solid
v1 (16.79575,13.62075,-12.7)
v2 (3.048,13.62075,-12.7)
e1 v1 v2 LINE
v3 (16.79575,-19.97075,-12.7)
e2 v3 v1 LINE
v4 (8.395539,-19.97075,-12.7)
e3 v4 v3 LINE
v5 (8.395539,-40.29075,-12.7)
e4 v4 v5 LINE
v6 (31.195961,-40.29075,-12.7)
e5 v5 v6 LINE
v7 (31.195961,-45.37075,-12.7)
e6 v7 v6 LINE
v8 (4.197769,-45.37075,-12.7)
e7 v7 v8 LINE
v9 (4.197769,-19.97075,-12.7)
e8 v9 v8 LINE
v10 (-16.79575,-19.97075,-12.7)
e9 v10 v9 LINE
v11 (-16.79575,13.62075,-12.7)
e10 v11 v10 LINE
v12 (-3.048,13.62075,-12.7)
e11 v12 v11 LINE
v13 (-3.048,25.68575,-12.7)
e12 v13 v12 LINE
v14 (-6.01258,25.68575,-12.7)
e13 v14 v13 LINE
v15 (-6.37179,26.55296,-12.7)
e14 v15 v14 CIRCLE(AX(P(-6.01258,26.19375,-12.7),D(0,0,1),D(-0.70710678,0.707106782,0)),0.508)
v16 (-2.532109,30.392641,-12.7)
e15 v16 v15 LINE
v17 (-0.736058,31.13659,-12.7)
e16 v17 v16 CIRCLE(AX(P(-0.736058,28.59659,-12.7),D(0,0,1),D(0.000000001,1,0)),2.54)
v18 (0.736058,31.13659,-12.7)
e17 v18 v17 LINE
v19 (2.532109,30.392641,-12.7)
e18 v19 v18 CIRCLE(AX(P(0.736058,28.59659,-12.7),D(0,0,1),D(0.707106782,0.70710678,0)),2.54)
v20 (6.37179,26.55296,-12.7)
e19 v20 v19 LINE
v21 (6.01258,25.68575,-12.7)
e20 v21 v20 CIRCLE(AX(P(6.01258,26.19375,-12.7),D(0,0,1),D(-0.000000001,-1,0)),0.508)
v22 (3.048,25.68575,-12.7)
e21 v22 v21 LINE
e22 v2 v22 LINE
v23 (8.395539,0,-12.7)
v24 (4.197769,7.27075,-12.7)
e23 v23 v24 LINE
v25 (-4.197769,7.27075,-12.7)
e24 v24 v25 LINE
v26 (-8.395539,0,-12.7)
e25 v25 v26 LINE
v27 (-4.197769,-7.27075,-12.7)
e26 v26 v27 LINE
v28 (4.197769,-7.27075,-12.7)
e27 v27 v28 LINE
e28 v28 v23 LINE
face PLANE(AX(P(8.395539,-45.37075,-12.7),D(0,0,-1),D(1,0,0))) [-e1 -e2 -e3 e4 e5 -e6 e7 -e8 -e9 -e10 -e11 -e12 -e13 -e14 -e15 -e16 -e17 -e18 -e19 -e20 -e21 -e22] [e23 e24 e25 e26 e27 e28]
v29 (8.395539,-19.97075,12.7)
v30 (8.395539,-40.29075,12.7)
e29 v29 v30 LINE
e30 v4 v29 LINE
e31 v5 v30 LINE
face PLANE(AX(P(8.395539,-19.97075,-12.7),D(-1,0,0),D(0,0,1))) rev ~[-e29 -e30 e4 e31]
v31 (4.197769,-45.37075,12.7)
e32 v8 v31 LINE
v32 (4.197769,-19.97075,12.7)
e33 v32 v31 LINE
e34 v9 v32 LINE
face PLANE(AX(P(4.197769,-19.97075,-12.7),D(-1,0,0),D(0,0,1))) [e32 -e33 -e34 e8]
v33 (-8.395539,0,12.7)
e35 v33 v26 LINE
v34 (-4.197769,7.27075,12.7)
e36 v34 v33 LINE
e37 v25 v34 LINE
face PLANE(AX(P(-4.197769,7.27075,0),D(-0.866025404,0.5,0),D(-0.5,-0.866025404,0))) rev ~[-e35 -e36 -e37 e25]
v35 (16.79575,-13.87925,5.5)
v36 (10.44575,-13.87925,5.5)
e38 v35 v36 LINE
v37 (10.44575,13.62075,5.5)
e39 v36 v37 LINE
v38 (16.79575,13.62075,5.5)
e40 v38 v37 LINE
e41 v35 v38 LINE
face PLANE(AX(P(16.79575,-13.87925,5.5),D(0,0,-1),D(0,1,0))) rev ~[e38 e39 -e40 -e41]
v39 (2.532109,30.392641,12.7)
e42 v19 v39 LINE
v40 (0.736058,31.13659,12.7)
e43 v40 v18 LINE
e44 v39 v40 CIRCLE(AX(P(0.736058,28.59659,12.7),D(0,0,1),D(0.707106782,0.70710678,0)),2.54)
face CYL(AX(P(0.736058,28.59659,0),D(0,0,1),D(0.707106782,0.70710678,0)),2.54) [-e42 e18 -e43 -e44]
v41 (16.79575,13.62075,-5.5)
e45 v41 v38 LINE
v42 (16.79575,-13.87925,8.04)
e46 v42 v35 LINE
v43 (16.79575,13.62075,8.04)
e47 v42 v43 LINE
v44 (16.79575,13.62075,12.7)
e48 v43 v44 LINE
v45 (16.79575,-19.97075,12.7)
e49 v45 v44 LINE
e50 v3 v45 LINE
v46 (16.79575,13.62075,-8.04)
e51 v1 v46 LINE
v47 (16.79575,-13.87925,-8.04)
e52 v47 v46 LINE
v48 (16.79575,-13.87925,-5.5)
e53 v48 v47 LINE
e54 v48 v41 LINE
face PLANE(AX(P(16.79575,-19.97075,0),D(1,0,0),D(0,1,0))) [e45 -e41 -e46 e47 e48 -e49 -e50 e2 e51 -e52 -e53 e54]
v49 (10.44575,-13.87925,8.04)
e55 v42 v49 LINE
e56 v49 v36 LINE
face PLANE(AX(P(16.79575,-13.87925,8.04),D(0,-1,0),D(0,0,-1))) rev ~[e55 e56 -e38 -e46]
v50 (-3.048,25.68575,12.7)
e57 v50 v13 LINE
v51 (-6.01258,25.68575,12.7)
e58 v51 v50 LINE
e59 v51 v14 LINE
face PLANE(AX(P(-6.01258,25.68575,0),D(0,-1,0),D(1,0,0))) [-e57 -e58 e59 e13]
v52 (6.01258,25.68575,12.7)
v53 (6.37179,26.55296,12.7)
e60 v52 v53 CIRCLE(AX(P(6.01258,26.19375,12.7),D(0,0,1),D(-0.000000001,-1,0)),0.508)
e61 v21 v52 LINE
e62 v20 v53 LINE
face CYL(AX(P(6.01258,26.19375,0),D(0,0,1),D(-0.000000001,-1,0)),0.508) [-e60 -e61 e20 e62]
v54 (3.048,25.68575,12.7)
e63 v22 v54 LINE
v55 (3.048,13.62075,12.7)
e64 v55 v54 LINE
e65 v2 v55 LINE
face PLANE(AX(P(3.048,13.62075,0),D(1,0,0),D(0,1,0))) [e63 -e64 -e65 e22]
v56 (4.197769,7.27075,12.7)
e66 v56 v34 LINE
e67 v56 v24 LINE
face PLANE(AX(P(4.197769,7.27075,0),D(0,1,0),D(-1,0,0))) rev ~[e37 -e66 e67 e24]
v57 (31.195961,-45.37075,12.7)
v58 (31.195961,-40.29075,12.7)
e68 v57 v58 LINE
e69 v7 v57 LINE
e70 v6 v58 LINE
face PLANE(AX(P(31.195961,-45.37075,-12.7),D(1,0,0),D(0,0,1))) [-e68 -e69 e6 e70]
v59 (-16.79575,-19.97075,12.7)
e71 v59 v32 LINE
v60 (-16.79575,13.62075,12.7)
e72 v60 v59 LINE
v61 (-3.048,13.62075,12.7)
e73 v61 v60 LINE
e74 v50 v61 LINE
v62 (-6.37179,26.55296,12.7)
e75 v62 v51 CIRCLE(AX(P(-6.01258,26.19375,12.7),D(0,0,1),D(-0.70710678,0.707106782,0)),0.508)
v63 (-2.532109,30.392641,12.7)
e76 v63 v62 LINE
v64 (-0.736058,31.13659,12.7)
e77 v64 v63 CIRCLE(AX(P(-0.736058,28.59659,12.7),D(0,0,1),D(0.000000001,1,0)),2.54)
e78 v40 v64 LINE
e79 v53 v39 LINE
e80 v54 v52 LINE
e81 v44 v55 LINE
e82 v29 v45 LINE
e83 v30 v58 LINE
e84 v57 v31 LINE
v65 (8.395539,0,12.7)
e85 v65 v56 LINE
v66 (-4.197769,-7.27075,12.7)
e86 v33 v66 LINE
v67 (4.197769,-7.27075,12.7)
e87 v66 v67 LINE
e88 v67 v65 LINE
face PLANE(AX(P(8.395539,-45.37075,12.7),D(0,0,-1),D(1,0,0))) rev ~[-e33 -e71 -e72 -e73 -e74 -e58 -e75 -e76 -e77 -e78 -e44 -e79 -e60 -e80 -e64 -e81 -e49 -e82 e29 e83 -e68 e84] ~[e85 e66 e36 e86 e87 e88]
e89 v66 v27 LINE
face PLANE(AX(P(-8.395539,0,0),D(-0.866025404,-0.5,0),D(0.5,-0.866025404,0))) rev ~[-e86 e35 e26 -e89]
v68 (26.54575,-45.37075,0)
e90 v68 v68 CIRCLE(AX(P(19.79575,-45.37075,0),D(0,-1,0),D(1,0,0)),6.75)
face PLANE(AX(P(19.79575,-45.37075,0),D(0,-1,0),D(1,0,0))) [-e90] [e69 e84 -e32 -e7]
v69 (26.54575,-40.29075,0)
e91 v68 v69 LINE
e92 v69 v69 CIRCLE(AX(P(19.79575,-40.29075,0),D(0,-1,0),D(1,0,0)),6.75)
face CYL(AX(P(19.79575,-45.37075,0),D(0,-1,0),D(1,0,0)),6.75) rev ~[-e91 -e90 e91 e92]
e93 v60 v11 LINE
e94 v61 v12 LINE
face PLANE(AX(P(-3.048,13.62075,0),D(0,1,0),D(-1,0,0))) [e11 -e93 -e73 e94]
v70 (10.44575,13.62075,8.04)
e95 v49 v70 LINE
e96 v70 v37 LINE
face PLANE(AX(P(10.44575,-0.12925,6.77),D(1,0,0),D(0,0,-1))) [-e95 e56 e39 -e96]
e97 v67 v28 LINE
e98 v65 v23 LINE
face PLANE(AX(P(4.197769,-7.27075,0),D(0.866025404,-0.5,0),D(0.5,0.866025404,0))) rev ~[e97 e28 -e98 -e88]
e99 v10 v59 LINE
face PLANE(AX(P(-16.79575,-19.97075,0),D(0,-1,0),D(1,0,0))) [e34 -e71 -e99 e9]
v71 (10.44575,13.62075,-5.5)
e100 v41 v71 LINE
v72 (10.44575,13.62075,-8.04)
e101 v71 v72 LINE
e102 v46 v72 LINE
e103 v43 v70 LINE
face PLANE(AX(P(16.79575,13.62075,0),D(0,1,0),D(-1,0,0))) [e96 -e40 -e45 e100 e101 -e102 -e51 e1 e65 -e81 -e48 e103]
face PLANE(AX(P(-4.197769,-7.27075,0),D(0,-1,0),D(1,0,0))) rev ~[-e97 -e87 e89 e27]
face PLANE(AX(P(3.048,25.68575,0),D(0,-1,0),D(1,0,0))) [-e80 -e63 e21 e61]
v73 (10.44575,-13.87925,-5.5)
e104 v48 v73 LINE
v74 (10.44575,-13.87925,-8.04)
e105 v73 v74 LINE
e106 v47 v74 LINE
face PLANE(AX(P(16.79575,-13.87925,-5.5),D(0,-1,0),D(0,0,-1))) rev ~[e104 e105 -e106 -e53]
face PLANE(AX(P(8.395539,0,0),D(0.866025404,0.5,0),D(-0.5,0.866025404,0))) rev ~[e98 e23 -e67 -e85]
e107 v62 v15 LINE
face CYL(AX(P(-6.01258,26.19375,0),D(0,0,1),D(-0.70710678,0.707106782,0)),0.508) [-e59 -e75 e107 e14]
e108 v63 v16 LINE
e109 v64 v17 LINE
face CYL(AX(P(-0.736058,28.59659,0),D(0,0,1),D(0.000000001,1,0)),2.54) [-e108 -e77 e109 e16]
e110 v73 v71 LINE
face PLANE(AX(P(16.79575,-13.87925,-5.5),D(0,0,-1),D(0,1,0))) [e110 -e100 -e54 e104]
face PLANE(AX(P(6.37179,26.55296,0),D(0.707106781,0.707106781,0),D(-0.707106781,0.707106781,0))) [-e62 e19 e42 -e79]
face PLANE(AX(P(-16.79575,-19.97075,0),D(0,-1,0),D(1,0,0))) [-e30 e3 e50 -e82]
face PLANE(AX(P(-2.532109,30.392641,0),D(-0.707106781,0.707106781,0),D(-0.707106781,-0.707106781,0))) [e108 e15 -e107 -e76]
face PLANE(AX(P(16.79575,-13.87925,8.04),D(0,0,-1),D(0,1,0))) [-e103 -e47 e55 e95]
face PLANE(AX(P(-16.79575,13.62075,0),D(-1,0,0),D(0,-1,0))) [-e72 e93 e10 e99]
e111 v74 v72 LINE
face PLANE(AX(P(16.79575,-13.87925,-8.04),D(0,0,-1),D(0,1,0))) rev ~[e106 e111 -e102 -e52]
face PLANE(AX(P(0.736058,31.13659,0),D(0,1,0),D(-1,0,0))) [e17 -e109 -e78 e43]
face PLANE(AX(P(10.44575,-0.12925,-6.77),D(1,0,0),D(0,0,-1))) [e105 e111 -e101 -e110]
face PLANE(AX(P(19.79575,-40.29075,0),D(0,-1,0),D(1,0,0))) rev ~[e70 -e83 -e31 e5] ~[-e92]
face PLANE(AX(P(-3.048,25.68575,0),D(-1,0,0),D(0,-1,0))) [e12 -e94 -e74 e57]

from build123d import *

# Parameters (mm, degrees)
BOSS_EXTRUDE1_DEPTH = 12.7
SKETCH8_W           = 2.54
SKETCH8_H           = 27.5
CUT_EXTRUDE1_DEPTH  = 6.35
SKETCH3_W           = 4.197769469
SKETCH3_H           = 25.4
BOSS_EXTRUDE2_DEPTH = 25.4
SKETCH4_W           = 22.800422122
SKETCH4_H           = 25.4
SKETCH4_R           = 6.75
BOSS_EXTRUDE3_DEPTH = 5.08


with BuildPart() as part:
    # Sketch1 → Boss-Extrude1 (new body, symmetric)
    with BuildSketch(Plane.XY):
        with BuildLine():
            Line((-16.79575, 13.62075), (-16.79575, -19.97075))
            Line((-16.79575, -19.97075), (16.79575, -19.97075))
            Line((16.79575, -19.97075), (16.79575, 13.62075))
            Line((16.79575, 13.62075), (3.048, 13.62075))
            Line((3.048, 13.62075), (3.048, 25.68575))
            Line((3.048, 25.68575), (6.01257951, 25.68575))
            ThreePointArc((6.01257951, 25.68575), (6.481910313, 25.999346816), (6.371789755, 26.552960245))
            Line((6.371789755, 26.552960245), (2.532108776, 30.392641224))
            ThreePointArc((2.532108776, 30.392641224), (1.70807347, 30.943244013), (0.736057552, 31.13659))
            Line((0.736057552, 31.13659), (-0.736057552, 31.13659))
            ThreePointArc((-0.736057552, 31.13659), (-1.70807347, 30.943244013), (-2.532108776, 30.392641224))
            Line((-2.532108776, 30.392641224), (-6.371789755, 26.552960245))
            ThreePointArc((-6.371789755, 26.552960245), (-6.481910313, 25.999346816), (-6.01257951, 25.68575))
            Line((-6.01257951, 25.68575), (-3.048, 25.68575))
            Line((-3.048, 25.68575), (-3.048, 13.62075))
            Line((-3.048, 13.62075), (-16.79575, 13.62075))
        make_face()
        Polygon((-4.19776947, 7.27075), (-8.395538939, 0), (-4.19776947, -7.27075), (4.19776947, -7.27075), (8.395538939, 0), (4.19776947, 7.27075), align=None, mode=Mode.SUBTRACT)
    extrude(amount=BOSS_EXTRUDE1_DEPTH, both=True)

    # Sketch8 → Cut-Extrude1 (cut)
    with BuildSketch(Plane(origin=(16.79575, 0, 0), x_dir=(0, 0, -1), z_dir=(1, 0, 0))):
        with Locations((-6.77, -0.12925)):
            Rectangle(SKETCH8_W, SKETCH8_H)
        with Locations((6.77, -0.12925)):
            Rectangle(SKETCH8_W, SKETCH8_H)
    extrude(amount=-CUT_EXTRUDE1_DEPTH, mode=Mode.SUBTRACT)

    # Sketch3 → Boss-Extrude2 (add)
    with BuildSketch(Plane.XZ.offset(19.97075)):
        with Locations((6.296654204, 0)):
            Rectangle(SKETCH3_W, SKETCH3_H)
    extrude(amount=BOSS_EXTRUDE2_DEPTH)

    # Sketch4 → Boss-Extrude3 (add)
    with BuildSketch(Plane.XZ.offset(45.37075)):
        with Locations((19.79575, 0)):
            Rectangle(SKETCH4_W, SKETCH4_H)
        with Locations((19.79575, 0)):
            Circle(SKETCH4_R, mode=Mode.SUBTRACT)
    extrude(amount=-BOSS_EXTRUDE3_DEPTH)


solid = part.part
